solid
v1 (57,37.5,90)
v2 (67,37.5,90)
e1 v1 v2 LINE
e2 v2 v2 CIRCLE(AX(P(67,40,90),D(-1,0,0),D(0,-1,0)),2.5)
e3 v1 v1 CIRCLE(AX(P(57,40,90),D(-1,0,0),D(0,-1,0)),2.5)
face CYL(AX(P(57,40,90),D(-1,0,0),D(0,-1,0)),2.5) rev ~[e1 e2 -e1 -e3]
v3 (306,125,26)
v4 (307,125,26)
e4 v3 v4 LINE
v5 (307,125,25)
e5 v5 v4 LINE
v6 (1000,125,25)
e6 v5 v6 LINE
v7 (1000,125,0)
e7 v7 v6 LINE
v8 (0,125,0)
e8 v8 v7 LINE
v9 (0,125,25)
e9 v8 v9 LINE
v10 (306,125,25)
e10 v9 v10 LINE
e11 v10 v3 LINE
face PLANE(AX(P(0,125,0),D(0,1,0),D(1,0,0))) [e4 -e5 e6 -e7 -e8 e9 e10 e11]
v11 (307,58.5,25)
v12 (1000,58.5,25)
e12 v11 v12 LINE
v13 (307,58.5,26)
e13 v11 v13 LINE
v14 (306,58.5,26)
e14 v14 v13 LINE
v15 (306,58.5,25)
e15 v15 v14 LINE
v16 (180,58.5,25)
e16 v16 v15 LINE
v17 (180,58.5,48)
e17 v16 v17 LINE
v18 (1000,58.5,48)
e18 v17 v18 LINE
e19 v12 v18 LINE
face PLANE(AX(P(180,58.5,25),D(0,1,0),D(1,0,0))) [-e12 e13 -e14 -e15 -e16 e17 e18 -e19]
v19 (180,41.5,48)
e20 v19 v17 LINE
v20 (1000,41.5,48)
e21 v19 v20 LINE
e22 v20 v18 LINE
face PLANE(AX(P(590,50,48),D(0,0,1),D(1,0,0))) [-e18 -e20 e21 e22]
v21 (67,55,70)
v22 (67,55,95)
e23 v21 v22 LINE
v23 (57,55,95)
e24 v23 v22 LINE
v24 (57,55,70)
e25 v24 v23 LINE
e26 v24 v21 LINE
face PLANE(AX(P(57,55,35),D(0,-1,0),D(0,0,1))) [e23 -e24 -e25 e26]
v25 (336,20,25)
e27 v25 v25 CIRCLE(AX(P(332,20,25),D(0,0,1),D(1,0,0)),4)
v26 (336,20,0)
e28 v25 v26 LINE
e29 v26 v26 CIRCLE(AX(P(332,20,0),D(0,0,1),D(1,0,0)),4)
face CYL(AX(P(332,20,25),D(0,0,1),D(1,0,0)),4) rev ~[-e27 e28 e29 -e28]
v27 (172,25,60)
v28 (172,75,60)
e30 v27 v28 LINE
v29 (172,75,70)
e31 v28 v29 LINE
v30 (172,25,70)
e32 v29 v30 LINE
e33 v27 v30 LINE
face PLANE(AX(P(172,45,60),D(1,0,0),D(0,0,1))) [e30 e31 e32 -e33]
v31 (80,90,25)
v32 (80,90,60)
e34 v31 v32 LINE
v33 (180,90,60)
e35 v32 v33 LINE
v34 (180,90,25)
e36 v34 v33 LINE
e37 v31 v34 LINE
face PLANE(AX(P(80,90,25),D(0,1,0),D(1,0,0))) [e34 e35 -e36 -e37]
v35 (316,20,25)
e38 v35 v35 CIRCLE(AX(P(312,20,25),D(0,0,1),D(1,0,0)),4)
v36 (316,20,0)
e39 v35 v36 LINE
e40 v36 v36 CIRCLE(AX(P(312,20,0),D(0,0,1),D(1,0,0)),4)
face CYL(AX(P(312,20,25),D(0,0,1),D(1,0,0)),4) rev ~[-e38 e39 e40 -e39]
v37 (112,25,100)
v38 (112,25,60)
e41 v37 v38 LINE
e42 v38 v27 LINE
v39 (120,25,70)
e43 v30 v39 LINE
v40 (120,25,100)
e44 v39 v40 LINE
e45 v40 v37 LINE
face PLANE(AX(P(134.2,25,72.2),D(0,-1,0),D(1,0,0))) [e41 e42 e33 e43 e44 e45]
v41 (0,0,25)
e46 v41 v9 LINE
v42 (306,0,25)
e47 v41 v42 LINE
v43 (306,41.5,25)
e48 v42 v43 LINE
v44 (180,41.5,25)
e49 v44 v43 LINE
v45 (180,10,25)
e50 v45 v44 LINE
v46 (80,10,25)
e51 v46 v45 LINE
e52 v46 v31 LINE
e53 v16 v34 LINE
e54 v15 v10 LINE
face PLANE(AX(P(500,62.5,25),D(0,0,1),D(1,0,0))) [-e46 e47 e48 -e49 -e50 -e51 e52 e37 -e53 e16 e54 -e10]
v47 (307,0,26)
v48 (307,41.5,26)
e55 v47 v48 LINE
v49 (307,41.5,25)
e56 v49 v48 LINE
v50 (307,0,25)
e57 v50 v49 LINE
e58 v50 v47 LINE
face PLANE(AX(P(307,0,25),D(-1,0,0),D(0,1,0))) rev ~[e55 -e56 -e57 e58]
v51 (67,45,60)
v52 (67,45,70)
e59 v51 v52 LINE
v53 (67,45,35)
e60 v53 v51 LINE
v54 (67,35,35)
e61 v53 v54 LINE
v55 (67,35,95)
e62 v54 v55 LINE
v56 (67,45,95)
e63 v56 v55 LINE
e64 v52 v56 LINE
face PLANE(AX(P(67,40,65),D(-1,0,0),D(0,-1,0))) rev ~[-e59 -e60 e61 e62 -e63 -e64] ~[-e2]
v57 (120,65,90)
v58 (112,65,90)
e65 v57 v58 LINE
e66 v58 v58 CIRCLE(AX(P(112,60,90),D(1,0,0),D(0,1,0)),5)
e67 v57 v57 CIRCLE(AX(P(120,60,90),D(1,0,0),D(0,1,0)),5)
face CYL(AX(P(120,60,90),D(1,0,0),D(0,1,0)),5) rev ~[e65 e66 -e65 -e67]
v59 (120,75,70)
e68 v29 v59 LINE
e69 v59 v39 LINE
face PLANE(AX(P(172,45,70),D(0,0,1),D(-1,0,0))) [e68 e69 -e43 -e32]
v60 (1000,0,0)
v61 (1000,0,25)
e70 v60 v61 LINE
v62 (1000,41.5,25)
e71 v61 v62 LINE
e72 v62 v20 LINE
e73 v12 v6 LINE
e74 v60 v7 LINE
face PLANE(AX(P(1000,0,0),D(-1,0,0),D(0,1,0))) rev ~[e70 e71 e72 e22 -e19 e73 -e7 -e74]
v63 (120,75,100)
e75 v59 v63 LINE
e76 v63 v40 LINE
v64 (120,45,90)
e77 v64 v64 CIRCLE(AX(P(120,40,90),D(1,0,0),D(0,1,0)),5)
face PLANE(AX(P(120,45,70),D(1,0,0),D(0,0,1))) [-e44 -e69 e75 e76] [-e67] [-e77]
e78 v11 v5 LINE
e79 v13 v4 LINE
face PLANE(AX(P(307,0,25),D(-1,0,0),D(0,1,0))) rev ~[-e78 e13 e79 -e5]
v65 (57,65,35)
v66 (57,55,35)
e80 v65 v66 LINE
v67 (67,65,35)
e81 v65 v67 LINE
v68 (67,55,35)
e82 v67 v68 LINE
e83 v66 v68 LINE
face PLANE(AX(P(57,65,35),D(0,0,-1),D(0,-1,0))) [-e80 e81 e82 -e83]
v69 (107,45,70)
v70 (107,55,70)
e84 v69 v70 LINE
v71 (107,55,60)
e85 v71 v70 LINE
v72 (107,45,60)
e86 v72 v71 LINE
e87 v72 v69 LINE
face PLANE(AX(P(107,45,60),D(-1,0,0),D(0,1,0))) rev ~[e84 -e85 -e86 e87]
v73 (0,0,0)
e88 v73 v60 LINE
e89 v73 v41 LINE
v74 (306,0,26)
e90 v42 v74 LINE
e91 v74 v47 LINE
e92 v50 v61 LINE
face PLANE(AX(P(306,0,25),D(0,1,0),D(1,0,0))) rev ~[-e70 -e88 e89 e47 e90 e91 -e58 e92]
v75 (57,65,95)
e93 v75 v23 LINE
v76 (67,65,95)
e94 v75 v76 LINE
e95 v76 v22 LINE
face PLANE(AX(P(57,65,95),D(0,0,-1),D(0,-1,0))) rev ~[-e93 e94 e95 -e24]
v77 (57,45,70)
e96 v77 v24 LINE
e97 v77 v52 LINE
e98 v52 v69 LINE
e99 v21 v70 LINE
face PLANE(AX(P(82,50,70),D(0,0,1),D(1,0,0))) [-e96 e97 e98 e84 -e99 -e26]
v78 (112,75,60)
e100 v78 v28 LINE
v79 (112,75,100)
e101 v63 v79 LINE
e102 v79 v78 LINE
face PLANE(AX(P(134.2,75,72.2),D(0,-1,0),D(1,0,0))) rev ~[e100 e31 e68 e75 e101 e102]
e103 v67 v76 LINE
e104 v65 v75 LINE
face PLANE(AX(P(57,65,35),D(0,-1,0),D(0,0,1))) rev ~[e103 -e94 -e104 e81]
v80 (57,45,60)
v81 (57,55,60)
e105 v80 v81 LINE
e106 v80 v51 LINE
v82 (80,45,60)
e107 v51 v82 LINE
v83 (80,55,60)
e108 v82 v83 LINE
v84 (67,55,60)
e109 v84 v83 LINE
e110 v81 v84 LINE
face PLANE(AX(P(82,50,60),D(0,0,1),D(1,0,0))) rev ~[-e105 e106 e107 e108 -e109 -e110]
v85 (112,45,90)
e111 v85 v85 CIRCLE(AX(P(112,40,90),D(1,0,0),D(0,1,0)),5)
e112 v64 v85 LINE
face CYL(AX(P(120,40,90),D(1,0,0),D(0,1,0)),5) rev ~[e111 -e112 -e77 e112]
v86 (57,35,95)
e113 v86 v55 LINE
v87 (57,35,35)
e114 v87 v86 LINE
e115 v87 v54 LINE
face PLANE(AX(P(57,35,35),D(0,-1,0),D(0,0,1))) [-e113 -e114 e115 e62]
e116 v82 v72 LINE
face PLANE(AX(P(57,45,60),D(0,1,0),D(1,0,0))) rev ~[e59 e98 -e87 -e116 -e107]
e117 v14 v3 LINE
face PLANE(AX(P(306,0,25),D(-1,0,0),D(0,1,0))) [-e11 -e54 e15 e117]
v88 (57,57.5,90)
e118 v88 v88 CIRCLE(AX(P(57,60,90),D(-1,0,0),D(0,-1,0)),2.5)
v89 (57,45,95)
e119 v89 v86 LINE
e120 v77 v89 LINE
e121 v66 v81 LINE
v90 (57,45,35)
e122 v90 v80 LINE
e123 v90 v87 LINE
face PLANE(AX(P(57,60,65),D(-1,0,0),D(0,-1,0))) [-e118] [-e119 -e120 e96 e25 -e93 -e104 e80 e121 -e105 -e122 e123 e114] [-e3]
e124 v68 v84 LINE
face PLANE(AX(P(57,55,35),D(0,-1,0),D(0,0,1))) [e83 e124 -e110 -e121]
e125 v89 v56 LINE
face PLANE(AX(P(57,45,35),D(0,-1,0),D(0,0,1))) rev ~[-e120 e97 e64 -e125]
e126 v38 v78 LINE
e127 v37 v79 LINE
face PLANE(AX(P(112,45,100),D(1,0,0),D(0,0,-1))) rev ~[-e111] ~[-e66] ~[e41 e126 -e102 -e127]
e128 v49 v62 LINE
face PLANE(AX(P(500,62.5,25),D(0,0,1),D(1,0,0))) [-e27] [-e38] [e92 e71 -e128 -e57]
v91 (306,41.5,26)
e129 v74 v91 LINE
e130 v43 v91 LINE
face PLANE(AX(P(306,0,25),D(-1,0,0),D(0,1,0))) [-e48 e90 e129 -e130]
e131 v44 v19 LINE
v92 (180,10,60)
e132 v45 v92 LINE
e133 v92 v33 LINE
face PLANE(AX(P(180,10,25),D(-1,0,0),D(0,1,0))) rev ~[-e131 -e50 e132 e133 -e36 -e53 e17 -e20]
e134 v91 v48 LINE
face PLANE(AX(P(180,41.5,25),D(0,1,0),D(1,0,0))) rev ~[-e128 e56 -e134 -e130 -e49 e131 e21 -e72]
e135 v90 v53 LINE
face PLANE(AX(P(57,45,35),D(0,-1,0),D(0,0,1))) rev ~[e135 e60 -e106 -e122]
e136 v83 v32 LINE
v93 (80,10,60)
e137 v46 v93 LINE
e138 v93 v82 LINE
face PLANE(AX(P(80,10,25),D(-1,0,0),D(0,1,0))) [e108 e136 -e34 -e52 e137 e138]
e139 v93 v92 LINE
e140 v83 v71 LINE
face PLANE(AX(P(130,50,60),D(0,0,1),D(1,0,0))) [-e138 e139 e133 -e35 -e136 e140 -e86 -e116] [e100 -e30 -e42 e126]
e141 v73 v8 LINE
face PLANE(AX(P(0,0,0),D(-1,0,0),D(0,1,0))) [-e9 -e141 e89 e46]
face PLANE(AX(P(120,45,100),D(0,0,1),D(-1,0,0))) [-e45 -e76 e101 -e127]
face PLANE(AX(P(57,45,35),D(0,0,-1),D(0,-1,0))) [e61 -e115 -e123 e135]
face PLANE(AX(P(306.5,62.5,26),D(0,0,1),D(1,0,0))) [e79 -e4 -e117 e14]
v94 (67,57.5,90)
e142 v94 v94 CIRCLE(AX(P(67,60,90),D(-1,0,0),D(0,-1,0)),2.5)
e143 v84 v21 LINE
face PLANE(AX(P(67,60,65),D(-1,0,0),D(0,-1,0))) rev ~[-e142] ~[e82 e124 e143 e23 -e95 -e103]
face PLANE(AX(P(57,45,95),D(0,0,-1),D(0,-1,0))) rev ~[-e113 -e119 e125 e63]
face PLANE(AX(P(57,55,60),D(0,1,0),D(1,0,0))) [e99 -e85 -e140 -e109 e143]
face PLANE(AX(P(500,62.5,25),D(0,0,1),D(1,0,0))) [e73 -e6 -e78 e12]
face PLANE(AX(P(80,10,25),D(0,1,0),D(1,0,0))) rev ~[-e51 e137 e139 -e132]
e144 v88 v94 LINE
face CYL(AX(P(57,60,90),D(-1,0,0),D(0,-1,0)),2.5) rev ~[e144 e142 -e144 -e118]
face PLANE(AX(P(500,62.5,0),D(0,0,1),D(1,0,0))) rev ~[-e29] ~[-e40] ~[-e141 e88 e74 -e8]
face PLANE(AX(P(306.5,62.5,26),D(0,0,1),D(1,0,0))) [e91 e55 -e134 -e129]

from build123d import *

# Parameters (mm, degrees)
F0_W           = 1000
F0_H           = 125
F1_DEPTH       = 25
F2_W           = 820
F2_H           = 17
F3_DEPTH       = 23
F4_R           = 4
F5_DEPTH       = 25
F6_W           = 100
F6_H           = 80
F7_DEPTH       = 35
F8_W           = 50
F8_H           = 10
F9_DEPTH       = 10
F10_W          = 10
F10_H          = 60
F10_R          = 2.5
F11_DEPTH      = 10
F13_DEPTH      = 20
F13_DEPTH_BACK = 30
F14_R          = 5
F15_DEPTH      = 25
F17_W          = 1
F17_H          = 125
F18_DEPTH      = 1


with BuildPart() as f1:
    # F0 (on Top) → F1 (new body)
    with BuildSketch(Plane.XY):
        with Locations((500, 62.5)):
            Rectangle(F0_W, F0_H)
    extrude(amount=F1_DEPTH)

    # F2 (on face) → F3 (join)
    with BuildSketch(Plane.XY.offset(25)):
        with Locations((590, 50)):
            Rectangle(F2_W, F2_H)
    extrude(amount=F3_DEPTH)

    # F4 (on face) → F5 (cut, through all)
    with BuildSketch(Plane.XY.offset(25)):
        with Locations((312, 20)):
            Circle(F4_R)
        with Locations((332, 20)):
            Circle(F4_R)
    extrude(amount=-F5_DEPTH, mode=Mode.SUBTRACT)

    # F6 (on face) → F7 (join)
    with BuildSketch(Plane.XY.offset(25)):
        with Locations((130, 50)):
            Rectangle(F6_W, F6_H)
    extrude(amount=F7_DEPTH)

    # F8 (on face) → F9 (join)
    with BuildSketch(Plane.XY.offset(60)):
        with Locations((82, 50)):
            Rectangle(F8_W, F8_H)
    extrude(amount=F9_DEPTH)

    # F10 (on face) → F11 (join)
    with BuildSketch(Plane(origin=(57, 0, 0), x_dir=(0, -1, 0), z_dir=(-1, 0, 0))):
        with Locations((-60, 65)):
            Rectangle(F10_W, F10_H)
        with Locations((-60, 90)):
            Circle(F10_R, mode=Mode.SUBTRACT)
        with Locations((-40, 65)):
            Rectangle(F10_W, F10_H)
        with Locations((-40, 90)):
            Circle(F10_R, mode=Mode.SUBTRACT)
    extrude(amount=-F11_DEPTH)

    # F12 (on face) → F13 (join, two sides)
    with BuildSketch(Plane.XZ.offset(-45)) as f13_sk:
        Polygon((112, 60), (172, 60), (172, 70), (120, 70), (120, 100), (112, 100), align=None)
    extrude(amount=F13_DEPTH)
    extrude(f13_sk.sketch, amount=-F13_DEPTH_BACK)

    # F14 (on face) → F15 (cut)
    with BuildSketch(Plane.YZ.offset(120)):
        with Locations((40, 90)):
            Circle(F14_R)
        with Locations((60, 90)):
            Circle(F14_R)
    extrude(amount=-F15_DEPTH, mode=Mode.SUBTRACT)

    # F17 (on face) → F18 (join)
    with BuildSketch(Plane.XY.offset(25)):
        with Locations((306.5, 62.5)):
            Rectangle(F17_W, F17_H)
    extrude(amount=F18_DEPTH)


solid = f1.part
